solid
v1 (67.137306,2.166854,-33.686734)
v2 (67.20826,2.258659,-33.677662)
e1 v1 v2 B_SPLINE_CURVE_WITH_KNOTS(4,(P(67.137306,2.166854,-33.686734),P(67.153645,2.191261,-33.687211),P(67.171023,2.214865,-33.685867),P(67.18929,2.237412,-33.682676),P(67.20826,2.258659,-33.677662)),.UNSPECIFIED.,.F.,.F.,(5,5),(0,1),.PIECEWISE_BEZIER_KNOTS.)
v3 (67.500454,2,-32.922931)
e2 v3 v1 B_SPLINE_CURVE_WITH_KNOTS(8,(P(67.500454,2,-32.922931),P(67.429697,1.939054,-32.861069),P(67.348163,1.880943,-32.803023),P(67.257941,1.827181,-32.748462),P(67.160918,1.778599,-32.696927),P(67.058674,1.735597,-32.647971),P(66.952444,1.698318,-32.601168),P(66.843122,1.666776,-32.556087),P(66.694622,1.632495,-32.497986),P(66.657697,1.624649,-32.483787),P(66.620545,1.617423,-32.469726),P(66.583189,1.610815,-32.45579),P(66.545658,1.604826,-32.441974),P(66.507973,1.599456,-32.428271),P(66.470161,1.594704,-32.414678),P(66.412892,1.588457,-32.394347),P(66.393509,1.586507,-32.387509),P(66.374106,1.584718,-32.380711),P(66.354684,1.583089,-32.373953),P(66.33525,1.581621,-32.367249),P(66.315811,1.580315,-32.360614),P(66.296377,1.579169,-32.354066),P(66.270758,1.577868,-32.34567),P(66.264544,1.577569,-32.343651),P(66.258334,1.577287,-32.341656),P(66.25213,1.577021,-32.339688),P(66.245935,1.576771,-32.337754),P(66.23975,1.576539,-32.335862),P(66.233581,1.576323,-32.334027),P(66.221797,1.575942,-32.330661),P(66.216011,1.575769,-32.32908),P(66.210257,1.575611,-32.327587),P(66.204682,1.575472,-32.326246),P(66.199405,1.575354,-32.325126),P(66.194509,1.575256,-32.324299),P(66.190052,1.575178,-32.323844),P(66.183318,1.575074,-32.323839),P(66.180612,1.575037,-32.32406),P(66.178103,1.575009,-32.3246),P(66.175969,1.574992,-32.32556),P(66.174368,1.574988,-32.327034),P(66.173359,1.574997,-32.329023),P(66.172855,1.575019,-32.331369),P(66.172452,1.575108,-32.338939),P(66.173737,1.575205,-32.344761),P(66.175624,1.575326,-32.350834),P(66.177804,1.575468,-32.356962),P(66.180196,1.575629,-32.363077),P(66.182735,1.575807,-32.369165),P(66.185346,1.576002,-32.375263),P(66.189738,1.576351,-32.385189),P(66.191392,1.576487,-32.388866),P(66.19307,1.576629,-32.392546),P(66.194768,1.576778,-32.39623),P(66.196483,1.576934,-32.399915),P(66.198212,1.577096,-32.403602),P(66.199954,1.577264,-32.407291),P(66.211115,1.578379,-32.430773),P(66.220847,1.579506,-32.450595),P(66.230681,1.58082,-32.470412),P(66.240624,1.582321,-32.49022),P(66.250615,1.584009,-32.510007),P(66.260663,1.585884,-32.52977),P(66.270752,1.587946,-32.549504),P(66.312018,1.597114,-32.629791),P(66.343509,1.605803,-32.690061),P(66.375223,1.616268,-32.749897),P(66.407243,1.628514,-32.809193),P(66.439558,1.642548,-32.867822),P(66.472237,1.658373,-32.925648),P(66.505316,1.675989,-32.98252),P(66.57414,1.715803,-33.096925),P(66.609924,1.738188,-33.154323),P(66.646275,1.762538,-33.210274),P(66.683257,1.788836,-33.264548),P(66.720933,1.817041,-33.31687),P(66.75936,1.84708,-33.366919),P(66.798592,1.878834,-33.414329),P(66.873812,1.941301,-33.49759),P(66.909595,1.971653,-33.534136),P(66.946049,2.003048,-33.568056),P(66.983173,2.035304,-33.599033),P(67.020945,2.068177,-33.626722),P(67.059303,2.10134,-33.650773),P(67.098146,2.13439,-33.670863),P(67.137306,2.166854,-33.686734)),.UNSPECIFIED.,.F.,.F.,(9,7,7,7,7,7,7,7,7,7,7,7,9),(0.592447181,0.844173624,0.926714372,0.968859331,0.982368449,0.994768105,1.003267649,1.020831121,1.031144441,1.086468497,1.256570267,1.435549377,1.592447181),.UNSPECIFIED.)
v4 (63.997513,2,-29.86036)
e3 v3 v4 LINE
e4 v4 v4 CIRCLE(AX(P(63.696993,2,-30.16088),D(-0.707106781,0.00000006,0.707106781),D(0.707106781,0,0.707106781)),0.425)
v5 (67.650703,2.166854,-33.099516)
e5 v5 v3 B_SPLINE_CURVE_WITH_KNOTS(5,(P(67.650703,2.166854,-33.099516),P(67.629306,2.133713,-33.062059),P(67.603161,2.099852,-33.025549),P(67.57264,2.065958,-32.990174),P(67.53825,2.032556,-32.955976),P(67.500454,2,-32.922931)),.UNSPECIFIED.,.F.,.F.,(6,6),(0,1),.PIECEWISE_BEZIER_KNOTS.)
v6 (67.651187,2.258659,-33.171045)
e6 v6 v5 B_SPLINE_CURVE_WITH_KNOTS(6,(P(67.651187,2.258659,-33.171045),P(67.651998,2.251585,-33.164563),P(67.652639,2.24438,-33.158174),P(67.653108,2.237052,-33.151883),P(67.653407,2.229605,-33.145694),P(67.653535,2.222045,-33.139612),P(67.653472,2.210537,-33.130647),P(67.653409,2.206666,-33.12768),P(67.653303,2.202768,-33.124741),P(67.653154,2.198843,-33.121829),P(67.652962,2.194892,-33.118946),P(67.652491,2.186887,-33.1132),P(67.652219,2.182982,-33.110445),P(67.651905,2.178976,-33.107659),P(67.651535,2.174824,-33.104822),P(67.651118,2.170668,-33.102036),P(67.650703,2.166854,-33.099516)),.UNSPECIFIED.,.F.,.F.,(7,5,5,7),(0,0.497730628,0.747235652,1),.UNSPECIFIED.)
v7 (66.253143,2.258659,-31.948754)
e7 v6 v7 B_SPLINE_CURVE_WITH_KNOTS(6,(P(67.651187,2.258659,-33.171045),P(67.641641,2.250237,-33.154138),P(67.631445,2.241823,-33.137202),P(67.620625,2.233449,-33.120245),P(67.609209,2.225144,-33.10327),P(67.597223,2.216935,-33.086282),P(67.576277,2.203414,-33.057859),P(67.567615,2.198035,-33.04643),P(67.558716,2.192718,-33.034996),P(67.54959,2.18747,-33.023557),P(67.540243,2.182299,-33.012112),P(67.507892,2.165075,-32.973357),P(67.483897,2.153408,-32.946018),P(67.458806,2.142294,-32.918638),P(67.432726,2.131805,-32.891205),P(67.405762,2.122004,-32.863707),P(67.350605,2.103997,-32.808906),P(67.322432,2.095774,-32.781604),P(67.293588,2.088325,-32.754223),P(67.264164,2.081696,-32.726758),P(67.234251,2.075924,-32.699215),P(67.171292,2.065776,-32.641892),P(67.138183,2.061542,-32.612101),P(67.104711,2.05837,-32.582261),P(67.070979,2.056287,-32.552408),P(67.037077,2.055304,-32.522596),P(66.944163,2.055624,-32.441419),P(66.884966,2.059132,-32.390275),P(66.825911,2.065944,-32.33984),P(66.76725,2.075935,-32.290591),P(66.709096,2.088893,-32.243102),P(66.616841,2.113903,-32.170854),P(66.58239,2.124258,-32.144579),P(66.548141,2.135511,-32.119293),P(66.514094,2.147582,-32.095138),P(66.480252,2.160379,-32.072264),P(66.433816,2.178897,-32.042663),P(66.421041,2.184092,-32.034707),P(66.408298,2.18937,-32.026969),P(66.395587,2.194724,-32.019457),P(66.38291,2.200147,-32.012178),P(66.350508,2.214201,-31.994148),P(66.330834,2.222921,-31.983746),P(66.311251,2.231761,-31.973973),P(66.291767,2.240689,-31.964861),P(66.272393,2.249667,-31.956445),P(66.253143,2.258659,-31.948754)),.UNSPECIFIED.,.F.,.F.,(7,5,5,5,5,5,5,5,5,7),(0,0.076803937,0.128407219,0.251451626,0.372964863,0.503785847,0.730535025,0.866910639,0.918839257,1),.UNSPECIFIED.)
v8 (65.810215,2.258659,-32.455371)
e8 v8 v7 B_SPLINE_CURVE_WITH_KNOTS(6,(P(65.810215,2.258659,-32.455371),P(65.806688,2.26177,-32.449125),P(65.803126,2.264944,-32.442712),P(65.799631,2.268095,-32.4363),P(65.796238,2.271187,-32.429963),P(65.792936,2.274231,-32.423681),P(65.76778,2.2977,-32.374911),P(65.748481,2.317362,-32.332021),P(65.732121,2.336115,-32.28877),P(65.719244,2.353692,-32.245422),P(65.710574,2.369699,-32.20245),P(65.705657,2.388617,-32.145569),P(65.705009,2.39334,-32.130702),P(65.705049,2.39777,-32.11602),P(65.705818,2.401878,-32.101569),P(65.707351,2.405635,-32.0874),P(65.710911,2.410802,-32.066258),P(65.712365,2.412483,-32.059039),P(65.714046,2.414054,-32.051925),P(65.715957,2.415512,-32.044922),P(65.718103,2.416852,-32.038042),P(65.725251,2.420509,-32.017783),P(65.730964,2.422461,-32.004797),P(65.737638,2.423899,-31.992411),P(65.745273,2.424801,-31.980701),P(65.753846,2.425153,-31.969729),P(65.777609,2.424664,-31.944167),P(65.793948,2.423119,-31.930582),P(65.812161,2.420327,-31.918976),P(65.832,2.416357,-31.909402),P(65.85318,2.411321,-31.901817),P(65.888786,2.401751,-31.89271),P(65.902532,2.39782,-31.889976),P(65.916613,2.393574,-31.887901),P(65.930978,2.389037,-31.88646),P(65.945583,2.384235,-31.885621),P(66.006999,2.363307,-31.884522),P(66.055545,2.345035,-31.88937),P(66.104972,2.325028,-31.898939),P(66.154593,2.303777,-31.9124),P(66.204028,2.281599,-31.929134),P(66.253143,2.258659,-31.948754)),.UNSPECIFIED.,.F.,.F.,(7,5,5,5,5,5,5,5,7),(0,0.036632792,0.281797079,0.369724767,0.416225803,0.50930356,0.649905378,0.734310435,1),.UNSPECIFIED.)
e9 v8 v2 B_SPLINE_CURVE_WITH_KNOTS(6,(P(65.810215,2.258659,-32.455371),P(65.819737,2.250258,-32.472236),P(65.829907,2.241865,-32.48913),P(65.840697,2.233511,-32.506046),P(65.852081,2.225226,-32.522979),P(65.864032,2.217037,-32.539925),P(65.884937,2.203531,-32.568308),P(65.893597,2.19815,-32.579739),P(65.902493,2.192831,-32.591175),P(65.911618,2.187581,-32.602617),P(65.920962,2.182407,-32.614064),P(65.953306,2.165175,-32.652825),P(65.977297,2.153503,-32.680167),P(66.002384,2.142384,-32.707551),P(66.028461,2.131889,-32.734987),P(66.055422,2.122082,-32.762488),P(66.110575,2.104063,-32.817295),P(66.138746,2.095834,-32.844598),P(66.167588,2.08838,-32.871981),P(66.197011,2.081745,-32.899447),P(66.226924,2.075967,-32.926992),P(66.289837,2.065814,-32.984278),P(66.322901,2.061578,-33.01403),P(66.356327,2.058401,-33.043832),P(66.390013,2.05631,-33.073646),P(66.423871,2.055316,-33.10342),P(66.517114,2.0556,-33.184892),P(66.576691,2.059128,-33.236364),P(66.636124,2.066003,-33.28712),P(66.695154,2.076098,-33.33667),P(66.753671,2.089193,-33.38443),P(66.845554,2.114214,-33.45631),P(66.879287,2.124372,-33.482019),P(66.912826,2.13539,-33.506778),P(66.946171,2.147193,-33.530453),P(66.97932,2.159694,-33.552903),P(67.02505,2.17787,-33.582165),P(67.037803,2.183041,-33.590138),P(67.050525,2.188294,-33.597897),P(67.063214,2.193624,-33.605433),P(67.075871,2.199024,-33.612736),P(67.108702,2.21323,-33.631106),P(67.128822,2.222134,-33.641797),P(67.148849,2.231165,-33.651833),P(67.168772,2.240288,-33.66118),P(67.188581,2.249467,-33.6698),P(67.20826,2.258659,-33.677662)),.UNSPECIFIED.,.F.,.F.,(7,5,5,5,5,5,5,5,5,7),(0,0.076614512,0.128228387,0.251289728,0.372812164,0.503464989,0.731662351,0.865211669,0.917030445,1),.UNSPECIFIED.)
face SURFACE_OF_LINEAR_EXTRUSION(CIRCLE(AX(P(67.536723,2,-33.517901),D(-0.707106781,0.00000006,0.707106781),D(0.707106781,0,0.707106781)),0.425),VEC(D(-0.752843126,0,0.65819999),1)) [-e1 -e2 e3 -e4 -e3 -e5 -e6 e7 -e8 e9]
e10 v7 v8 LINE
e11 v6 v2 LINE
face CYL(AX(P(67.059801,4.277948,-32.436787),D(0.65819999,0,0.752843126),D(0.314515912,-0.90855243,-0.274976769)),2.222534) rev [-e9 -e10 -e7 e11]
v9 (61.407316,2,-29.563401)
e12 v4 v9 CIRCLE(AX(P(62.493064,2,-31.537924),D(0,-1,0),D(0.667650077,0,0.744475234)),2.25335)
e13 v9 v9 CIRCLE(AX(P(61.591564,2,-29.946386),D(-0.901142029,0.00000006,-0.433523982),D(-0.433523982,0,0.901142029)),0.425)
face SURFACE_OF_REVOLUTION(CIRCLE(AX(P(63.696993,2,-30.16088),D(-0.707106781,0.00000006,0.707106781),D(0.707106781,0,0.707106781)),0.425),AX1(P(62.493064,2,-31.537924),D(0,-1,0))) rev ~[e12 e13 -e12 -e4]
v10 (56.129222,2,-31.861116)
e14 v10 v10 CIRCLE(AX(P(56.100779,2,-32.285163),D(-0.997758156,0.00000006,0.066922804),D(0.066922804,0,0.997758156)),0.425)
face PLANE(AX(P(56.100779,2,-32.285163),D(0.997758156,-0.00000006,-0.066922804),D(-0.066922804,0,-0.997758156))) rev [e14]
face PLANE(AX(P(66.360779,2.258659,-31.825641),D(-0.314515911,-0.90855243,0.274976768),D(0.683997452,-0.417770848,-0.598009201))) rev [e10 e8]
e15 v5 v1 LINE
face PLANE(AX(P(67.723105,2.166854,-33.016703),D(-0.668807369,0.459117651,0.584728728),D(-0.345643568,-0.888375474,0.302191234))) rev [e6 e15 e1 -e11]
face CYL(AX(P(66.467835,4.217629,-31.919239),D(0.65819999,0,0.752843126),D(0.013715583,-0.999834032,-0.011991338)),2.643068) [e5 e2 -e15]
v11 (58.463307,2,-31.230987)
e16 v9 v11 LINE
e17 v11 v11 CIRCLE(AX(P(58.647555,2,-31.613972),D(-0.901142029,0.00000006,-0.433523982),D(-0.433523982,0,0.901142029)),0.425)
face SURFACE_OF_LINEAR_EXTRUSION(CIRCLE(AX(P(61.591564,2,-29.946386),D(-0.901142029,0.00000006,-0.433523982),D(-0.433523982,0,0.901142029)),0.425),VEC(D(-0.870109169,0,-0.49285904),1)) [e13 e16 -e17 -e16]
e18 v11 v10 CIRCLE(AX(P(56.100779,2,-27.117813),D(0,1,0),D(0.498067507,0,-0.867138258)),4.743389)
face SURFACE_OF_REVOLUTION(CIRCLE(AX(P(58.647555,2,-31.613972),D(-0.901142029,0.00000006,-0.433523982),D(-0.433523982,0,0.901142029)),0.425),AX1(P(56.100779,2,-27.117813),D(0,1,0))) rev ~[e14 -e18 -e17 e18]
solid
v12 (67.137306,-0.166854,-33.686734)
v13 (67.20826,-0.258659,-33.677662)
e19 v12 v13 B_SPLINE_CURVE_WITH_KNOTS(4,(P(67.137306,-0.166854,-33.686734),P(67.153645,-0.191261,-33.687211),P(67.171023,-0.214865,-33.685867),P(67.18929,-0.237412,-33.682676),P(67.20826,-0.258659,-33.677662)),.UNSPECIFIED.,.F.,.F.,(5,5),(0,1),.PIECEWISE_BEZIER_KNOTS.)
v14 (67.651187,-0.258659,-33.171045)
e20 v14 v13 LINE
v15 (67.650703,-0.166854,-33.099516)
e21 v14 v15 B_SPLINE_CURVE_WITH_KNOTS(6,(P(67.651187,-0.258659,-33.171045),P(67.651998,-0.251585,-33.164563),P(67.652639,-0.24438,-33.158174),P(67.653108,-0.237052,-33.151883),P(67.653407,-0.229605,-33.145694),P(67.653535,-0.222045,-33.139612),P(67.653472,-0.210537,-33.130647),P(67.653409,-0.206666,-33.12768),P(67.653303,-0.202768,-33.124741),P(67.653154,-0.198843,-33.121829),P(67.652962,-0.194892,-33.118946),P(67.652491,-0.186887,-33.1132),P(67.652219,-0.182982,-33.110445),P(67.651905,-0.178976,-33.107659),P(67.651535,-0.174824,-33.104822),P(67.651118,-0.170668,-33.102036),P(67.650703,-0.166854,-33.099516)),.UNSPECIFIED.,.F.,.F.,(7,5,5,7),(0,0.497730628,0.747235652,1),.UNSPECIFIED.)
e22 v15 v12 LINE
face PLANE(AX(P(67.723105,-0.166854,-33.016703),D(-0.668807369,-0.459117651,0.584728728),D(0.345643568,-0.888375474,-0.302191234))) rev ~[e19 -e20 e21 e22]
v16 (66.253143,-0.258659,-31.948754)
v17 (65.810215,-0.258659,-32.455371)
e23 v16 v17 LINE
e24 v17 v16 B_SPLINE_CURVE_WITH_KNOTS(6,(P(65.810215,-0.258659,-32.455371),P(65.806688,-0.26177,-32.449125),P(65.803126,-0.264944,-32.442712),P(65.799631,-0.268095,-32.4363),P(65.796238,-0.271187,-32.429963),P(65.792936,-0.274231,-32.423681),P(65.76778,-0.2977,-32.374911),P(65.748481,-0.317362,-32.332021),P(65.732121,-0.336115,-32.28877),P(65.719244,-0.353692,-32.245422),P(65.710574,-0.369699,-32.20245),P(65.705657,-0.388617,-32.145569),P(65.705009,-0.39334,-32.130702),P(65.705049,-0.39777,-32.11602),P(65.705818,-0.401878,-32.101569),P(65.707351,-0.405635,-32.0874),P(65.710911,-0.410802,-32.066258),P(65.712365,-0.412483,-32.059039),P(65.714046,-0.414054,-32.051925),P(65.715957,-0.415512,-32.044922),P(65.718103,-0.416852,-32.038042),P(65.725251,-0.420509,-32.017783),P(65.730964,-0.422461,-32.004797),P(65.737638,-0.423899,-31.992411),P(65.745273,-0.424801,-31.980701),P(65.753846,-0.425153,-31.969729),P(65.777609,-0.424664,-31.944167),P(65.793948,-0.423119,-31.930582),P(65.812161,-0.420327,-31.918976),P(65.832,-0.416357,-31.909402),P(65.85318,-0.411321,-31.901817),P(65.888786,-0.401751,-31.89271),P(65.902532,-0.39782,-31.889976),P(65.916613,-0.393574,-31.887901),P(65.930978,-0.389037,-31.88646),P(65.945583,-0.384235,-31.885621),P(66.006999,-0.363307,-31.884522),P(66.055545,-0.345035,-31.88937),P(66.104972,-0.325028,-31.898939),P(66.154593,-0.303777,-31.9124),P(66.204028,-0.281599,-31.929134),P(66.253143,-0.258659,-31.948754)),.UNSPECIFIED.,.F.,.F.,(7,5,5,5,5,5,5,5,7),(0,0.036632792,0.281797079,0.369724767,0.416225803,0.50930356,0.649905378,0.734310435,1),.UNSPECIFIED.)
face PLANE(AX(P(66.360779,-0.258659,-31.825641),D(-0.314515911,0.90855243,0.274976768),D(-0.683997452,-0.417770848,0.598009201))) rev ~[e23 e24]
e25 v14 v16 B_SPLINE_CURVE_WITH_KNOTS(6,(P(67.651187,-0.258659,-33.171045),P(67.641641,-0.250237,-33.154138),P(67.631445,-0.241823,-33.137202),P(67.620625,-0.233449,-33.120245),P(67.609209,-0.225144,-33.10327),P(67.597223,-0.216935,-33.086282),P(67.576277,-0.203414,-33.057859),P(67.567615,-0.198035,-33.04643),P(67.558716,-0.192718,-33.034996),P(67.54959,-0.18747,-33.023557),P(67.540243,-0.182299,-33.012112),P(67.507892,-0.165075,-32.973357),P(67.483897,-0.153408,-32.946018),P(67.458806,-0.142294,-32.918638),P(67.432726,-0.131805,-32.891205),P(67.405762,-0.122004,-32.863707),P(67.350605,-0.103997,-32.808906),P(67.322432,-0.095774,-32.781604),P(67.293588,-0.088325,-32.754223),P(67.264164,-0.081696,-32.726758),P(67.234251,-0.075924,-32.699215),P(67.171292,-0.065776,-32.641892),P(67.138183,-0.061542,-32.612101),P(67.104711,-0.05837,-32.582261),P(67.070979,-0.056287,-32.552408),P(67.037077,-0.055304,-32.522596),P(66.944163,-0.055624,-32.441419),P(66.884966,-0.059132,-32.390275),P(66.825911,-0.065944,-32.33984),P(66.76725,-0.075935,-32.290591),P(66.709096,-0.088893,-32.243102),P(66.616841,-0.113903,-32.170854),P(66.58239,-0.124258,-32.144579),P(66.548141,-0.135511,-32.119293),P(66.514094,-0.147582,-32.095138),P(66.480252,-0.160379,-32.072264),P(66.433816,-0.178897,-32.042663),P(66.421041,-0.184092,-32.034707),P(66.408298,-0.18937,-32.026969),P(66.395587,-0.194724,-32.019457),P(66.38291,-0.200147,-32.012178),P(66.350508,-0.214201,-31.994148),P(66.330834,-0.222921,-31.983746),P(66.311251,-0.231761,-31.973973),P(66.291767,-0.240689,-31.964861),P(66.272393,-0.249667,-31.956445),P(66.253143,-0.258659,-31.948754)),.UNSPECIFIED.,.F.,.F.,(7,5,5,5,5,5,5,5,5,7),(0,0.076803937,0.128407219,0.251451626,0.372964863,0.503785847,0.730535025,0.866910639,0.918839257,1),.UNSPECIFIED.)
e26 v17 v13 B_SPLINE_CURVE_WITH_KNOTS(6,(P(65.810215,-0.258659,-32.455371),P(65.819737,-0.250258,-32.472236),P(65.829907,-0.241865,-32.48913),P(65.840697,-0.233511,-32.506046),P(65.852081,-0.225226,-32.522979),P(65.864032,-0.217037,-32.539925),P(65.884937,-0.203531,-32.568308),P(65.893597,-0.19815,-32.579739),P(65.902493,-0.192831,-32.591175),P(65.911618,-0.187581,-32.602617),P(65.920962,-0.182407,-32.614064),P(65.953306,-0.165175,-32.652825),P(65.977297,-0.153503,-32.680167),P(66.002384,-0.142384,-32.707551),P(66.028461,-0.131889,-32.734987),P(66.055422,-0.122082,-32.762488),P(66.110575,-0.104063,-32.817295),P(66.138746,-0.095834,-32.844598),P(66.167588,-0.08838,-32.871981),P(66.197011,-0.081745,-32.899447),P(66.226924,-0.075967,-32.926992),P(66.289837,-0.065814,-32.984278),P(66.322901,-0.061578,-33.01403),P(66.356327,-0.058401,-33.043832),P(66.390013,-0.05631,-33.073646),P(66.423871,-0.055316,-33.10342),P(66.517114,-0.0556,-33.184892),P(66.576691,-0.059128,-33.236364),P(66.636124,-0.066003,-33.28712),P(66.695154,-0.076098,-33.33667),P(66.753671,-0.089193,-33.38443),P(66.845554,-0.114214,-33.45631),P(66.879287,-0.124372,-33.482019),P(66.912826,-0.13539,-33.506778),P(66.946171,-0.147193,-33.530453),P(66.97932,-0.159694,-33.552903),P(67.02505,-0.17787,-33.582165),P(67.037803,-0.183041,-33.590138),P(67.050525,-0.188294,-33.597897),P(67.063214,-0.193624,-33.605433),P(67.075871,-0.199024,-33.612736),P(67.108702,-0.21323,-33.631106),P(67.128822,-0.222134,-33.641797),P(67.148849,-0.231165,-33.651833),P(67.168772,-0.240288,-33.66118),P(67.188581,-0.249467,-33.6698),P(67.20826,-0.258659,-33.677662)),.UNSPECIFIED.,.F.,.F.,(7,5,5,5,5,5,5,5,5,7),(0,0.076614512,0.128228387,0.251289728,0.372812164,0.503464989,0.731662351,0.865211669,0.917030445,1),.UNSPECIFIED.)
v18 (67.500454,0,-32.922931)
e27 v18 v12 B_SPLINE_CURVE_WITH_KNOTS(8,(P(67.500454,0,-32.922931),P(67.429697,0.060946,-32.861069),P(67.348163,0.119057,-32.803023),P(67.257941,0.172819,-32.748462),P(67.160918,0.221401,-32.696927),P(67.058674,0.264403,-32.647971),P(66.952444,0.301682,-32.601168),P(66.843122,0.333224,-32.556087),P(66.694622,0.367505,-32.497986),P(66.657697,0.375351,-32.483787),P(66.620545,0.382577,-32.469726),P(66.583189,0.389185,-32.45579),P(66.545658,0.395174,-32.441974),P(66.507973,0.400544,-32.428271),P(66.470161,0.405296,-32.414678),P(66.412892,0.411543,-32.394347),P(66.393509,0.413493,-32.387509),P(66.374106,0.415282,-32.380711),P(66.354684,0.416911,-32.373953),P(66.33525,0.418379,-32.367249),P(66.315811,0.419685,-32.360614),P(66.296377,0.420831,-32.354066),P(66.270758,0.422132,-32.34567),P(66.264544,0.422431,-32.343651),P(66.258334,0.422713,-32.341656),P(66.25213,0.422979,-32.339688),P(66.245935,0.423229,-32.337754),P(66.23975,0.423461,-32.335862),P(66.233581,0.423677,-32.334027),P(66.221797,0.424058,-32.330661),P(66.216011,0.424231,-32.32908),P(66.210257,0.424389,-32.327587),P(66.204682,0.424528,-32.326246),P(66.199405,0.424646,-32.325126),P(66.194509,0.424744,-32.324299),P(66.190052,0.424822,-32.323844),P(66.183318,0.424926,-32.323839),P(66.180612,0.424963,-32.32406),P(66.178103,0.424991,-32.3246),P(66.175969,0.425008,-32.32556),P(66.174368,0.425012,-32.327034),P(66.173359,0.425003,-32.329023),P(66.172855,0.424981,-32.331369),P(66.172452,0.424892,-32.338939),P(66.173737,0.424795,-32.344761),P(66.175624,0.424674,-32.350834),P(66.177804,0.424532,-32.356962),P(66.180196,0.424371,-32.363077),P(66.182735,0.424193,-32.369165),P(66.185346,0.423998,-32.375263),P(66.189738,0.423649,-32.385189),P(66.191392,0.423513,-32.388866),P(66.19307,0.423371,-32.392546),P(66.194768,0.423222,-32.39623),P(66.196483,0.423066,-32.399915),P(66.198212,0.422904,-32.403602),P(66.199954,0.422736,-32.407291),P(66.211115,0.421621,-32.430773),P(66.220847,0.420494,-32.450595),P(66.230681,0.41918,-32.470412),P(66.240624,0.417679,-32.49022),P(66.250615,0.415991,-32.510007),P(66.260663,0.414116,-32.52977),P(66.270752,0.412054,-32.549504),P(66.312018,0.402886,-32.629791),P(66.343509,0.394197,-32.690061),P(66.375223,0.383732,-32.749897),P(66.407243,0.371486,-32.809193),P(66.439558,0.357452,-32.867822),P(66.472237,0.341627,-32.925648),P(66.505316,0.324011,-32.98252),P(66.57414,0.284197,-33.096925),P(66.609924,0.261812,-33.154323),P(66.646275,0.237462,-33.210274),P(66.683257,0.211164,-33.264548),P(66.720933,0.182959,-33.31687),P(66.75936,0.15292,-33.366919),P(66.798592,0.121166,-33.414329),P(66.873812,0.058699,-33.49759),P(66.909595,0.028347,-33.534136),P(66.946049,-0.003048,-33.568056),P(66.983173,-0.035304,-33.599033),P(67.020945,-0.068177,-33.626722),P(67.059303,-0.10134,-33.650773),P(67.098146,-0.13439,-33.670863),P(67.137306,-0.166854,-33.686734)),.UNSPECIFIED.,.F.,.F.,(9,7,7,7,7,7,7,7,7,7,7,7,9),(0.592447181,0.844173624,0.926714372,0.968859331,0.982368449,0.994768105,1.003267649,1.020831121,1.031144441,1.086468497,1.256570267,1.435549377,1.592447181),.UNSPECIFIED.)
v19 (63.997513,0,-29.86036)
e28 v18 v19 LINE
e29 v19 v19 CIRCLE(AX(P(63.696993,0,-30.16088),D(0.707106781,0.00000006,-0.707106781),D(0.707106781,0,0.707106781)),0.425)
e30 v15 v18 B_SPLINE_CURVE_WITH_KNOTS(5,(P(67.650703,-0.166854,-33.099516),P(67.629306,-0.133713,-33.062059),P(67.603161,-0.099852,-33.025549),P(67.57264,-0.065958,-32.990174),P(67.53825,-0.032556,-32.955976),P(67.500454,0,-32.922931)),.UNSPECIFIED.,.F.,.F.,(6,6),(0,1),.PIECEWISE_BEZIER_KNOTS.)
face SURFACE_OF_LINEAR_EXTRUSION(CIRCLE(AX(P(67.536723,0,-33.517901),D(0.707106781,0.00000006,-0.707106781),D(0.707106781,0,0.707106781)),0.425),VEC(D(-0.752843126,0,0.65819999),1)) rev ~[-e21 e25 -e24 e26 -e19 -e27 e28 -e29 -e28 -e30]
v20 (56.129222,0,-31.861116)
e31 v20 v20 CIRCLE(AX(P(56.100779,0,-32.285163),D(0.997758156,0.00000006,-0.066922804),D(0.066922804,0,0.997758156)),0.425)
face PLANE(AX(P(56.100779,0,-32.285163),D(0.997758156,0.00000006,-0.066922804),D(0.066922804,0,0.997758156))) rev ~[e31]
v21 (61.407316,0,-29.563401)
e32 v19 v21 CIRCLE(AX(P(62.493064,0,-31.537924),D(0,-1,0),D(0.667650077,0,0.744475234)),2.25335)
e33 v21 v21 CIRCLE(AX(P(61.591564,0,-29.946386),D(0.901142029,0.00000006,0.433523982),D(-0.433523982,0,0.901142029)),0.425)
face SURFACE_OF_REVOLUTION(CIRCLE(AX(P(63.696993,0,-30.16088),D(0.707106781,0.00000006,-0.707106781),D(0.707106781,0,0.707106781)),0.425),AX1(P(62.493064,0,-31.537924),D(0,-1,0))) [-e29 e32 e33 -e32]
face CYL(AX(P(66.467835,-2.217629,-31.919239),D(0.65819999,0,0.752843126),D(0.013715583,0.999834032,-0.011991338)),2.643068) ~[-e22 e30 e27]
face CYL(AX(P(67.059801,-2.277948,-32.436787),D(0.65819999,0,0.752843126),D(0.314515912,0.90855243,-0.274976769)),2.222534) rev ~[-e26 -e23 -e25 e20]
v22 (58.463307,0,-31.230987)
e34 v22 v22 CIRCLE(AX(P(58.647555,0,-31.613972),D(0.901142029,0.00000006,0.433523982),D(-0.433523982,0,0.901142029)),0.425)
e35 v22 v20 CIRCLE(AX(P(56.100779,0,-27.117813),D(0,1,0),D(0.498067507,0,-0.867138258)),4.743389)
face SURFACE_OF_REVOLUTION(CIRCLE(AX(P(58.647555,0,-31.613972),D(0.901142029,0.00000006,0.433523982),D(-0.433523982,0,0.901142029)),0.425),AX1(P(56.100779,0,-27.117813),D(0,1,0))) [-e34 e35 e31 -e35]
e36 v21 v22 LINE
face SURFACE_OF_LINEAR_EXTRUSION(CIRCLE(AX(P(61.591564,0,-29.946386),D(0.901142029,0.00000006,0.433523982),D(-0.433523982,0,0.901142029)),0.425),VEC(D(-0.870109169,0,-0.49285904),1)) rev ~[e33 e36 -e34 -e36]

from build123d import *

# Parameters (mm, degrees)
SKETCH2_R          = 0.425
CUT_EXTRUDE2_DEPTH = 10


with BuildPart() as part:
    # Sweep4: sweep along a path in Sketch4
    with BuildLine(Plane(origin=(0, 0, 0), x_dir=(1, 0, 0), z_dir=(0, 1, 0))) as sweep4_path:
        Line((67.536722789, 33.517901337), (63.696993057, 30.160880485))
        ThreePointArc((63.696993057, 30.160880485), (62.67844941, 29.718218887), (61.591563938, 29.94638641))
        Line((61.591563938, 29.94638641), (58.647554869, 31.613971966))
        ThreePointArc((58.647554869, 31.613971966), (57.417647247, 32.11454889), (56.100779486, 32.285163408))
    # Sketch2 → Sweep4 (sweep)
    with BuildSketch(Plane(origin=(50.527312063, 4.259e-06, -50.527312063), x_dir=(0.707106781, 0, 0.707106781), z_dir=(0.707106781, 6e-08, -0.707106781))):
        with Locations((24.054939337, 4.259e-06)):
            Circle(SKETCH2_R)
    sweep(path=sweep4_path.line)

    # Sketch7 → Cut-Extrude2 (cut)
    with BuildSketch(Plane(origin=(12.979011819, 0, 14.845274956), x_dir=(-0.752843126, 0, 0.65819999), z_dir=(-0.65819999, 0, -0.752843126))):
        with BuildLine():
            Line((-70.90689286, -0.258658753), (-70.424884302, -0.480296071))
            Line((-70.424884302, -0.480296071), (-73.177134487, -0.809094289))
            Line((-73.177134487, -0.809094289), (-73.643040117, 0.425))
            Line((-73.643040117, 0.425), (-71.097248445, 0.425))
            ThreePointArc((-71.097248445, 0.425), (-71.956470511, 0.264804948), (-72.71646768, -0.166853846))
            Line((-72.71646768, -0.166853846), (-72.763912994, -0.258658753))
            ThreePointArc((-72.763912994, -0.258658753), (-71.835402927, -0.055413386), (-70.90689286, -0.258658753))
        make_face()
    extrude(amount=CUT_EXTRUDE2_DEPTH, mode=Mode.SUBTRACT)


with BuildPart() as body_2:
    # Mirror1: mirrored copy
    add(part.part.mirror(Plane.ZX.offset(1)))


solid = Compound([part.part, body_2.part])
